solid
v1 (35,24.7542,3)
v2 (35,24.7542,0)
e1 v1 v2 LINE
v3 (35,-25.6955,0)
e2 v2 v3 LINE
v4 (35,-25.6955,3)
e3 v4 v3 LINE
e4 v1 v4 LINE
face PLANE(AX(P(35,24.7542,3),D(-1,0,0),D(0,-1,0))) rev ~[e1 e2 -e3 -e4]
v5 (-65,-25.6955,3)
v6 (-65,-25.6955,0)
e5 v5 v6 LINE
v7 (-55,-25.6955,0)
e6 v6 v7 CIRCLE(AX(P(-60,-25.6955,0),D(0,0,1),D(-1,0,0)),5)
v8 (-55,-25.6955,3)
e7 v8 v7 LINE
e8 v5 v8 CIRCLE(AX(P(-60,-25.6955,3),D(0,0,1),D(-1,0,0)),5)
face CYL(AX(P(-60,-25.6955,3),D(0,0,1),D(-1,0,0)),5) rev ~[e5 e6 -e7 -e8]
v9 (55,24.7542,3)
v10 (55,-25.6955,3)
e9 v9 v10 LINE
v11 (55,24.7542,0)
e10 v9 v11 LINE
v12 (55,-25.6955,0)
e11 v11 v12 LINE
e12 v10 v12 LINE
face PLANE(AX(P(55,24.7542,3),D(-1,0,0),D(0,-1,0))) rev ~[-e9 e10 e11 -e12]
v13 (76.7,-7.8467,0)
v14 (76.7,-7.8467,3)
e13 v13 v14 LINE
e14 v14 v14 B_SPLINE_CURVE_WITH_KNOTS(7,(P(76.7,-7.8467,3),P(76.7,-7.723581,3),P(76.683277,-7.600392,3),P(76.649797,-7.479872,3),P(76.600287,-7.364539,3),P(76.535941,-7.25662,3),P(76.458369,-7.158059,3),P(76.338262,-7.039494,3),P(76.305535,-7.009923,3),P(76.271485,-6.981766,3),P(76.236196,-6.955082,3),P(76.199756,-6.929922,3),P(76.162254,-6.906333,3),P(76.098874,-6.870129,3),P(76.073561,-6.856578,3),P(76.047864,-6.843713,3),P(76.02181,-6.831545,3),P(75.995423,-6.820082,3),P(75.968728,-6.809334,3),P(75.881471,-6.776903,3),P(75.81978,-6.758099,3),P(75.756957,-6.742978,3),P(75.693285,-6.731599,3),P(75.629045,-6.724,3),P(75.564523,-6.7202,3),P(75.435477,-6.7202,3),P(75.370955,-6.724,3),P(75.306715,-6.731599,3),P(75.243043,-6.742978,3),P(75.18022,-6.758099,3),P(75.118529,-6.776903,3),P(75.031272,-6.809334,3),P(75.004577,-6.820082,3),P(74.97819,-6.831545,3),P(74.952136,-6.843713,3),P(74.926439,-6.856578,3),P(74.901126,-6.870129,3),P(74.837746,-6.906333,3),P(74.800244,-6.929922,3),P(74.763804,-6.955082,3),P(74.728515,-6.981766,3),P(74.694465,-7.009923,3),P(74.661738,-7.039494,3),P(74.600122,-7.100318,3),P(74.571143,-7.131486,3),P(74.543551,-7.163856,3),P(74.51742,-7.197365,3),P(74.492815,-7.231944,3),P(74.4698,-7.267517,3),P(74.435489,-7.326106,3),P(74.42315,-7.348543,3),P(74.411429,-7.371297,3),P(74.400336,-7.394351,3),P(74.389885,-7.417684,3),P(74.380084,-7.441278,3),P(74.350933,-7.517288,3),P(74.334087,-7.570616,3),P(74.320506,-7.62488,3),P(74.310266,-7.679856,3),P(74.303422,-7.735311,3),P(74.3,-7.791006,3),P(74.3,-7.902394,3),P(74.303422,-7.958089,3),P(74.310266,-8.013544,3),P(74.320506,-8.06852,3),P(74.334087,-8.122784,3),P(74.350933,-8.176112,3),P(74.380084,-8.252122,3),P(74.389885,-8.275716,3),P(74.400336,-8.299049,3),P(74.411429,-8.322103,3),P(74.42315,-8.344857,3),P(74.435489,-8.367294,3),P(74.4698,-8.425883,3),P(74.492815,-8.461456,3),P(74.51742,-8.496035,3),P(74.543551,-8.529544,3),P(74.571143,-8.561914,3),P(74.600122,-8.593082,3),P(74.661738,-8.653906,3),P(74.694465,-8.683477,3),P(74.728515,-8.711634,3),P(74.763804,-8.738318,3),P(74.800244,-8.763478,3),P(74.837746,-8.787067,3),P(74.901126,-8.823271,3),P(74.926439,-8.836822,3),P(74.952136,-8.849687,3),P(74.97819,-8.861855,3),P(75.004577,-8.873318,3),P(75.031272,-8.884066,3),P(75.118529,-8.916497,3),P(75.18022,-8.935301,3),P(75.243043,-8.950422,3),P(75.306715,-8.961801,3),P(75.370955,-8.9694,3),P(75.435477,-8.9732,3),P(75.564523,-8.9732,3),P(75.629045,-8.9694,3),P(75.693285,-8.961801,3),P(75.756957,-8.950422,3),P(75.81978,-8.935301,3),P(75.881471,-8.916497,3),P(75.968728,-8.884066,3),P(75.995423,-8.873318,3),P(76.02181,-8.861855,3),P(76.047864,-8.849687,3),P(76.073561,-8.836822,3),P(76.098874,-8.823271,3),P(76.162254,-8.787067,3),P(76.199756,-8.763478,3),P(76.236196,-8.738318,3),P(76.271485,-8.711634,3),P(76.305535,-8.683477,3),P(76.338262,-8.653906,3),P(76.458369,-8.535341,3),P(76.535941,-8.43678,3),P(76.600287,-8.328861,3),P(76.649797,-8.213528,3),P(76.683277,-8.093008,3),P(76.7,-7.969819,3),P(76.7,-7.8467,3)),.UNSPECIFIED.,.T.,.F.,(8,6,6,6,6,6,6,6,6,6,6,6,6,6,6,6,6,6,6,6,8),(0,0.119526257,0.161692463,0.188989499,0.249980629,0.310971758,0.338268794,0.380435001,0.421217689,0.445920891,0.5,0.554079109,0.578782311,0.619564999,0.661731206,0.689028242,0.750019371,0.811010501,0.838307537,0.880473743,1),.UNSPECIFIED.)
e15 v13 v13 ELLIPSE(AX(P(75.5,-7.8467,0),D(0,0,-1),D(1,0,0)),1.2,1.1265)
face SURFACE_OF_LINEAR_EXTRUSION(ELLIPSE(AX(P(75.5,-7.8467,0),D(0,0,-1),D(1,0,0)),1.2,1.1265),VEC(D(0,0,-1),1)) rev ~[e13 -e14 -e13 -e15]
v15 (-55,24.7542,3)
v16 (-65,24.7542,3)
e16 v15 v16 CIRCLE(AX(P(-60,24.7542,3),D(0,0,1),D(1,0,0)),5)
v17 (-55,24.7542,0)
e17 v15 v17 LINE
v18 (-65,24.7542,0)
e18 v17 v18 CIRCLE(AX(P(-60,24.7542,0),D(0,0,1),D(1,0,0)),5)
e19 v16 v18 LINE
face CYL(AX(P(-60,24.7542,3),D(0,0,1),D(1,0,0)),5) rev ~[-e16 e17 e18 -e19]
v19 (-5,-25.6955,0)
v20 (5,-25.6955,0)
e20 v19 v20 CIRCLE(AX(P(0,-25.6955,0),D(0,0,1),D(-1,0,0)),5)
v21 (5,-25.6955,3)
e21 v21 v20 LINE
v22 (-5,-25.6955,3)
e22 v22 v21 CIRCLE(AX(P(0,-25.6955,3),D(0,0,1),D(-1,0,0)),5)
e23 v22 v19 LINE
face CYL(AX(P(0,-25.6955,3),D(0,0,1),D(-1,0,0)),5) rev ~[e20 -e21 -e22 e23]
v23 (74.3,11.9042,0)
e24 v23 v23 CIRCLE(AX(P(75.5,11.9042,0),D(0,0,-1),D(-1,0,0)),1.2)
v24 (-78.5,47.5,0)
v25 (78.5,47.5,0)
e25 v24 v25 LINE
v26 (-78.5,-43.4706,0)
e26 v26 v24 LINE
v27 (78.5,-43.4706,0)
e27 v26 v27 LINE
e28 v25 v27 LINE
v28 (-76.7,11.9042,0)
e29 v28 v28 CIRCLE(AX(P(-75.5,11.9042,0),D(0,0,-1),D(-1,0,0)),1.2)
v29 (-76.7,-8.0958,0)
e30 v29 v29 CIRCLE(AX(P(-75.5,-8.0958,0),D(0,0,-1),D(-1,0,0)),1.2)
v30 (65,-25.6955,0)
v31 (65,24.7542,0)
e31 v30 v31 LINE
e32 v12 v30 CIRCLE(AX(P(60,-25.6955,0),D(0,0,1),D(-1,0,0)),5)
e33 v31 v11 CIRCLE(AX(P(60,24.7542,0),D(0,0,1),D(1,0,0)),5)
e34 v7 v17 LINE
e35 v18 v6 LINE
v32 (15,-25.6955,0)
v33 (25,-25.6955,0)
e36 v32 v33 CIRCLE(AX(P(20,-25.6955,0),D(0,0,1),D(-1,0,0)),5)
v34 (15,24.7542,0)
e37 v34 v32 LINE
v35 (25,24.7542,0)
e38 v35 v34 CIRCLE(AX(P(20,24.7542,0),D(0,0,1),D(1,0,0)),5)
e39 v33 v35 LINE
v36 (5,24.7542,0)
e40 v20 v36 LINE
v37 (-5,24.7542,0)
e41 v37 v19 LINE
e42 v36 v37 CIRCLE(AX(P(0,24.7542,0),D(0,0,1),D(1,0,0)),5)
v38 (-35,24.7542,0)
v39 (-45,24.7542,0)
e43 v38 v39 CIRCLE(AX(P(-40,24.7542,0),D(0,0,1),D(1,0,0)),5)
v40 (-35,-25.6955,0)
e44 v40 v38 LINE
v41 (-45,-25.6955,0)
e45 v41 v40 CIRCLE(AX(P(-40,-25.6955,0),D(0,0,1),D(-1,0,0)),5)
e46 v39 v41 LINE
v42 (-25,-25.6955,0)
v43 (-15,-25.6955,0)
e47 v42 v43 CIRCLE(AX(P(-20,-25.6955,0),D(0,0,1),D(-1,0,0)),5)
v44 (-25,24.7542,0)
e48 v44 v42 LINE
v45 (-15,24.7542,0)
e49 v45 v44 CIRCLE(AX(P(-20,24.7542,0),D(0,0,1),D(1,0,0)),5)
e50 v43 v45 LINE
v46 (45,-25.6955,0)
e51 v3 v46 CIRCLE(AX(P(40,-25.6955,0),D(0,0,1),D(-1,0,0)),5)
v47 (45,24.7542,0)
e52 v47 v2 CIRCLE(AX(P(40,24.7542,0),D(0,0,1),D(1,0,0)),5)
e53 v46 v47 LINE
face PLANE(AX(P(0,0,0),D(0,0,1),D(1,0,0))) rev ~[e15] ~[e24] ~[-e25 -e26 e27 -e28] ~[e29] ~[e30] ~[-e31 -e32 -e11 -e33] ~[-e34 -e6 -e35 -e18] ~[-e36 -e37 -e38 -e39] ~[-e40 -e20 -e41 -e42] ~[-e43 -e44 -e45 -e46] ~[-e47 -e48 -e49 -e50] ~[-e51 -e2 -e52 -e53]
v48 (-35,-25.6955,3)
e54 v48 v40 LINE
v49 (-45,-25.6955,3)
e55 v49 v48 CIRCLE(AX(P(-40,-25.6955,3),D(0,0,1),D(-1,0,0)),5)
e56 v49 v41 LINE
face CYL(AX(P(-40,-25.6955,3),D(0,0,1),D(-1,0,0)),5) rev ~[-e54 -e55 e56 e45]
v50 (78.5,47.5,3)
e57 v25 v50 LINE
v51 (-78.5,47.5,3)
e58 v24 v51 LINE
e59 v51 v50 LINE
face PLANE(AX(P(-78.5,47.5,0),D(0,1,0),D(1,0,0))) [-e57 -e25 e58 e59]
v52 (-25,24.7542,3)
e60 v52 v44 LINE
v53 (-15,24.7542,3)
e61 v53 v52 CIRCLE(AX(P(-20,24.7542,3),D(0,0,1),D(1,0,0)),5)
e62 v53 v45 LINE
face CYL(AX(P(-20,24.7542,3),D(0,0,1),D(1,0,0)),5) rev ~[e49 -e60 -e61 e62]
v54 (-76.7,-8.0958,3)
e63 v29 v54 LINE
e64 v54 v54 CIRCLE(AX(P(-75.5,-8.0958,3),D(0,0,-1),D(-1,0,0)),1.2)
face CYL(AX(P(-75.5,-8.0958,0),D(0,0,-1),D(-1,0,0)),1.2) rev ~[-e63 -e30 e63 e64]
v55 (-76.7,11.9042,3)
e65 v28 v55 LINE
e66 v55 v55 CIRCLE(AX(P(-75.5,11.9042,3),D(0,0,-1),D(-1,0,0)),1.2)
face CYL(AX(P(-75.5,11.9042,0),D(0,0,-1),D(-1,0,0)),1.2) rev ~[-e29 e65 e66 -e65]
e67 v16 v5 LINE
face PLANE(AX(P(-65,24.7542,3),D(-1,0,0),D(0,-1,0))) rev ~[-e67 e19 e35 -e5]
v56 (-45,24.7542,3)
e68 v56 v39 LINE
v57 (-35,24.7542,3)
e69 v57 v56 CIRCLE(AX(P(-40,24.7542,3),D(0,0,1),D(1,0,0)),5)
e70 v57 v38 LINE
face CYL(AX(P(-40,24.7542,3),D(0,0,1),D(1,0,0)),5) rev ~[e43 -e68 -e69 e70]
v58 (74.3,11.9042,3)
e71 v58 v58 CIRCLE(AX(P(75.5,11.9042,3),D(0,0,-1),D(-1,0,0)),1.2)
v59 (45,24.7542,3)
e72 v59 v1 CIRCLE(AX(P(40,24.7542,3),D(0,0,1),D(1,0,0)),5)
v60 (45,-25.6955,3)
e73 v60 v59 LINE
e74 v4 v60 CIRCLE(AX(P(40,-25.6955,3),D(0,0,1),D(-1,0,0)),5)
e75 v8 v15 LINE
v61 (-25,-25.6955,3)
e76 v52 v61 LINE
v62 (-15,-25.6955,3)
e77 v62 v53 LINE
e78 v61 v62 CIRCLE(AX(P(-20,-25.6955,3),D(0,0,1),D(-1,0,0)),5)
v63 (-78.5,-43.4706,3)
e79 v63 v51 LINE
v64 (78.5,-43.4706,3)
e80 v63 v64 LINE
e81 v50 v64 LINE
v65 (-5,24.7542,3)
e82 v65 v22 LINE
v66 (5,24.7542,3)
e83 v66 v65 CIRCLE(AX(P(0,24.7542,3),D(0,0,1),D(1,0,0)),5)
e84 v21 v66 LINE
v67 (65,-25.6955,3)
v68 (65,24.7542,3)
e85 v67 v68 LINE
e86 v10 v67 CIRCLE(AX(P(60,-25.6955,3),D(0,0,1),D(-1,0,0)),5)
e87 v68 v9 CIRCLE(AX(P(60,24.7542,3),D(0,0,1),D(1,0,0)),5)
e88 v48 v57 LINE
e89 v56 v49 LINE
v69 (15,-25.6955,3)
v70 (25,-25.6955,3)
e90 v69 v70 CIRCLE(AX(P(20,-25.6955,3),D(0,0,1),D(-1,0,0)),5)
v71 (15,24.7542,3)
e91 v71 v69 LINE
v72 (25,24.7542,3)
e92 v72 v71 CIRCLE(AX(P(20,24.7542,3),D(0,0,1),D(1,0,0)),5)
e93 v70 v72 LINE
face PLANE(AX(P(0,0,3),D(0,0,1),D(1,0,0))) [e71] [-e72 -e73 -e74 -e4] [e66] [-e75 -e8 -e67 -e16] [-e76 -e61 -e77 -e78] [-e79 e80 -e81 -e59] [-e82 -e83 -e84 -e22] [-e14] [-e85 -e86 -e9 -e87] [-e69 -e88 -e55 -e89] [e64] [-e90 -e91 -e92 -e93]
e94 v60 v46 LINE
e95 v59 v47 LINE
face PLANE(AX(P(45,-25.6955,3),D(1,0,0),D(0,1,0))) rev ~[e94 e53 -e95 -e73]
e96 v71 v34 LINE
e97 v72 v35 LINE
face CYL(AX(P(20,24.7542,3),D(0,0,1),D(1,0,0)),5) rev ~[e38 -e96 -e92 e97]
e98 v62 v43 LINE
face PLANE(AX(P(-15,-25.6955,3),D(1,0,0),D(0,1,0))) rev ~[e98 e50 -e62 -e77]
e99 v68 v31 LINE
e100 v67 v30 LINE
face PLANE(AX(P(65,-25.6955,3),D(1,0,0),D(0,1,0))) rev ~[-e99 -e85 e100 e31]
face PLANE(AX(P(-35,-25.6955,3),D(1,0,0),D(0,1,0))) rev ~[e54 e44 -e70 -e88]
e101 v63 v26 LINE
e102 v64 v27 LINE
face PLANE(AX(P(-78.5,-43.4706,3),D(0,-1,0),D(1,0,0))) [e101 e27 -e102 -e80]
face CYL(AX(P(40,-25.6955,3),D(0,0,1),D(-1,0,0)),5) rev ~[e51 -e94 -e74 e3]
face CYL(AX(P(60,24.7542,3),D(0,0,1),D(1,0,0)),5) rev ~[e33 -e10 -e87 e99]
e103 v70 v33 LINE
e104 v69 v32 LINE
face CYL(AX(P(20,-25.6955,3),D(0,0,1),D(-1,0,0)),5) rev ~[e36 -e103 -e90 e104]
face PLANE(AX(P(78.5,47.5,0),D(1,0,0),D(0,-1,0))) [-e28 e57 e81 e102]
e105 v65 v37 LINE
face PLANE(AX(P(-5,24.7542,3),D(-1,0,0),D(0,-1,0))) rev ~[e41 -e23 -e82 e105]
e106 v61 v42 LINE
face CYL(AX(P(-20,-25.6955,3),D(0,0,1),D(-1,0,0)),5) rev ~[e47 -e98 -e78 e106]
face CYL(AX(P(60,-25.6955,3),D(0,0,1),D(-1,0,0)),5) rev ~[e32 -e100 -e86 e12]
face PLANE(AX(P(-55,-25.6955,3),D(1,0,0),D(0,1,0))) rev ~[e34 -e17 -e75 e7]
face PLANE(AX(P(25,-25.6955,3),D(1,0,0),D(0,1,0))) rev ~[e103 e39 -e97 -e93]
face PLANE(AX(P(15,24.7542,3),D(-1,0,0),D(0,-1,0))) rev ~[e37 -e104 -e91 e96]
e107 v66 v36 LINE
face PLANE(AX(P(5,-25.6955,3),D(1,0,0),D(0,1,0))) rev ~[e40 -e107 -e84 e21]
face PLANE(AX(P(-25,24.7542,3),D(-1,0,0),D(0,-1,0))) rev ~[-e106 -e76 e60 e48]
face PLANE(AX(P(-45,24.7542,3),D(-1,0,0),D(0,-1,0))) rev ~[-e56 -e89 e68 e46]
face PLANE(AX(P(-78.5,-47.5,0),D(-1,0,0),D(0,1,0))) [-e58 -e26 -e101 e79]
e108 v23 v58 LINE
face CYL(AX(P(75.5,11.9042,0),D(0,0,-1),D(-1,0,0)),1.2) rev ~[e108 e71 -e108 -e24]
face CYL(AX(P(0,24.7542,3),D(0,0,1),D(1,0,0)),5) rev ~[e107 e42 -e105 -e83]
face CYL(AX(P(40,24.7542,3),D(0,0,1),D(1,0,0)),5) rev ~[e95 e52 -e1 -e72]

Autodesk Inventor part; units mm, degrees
ref_plane "YZ Plane" through (0, 0, 0) normal (1, 0, 0) x (0, 1, 0)
ref_plane "XZ Plane" through (0, 0, 0) normal (0, 1, 0) x (-1, 0, 0)
ref_plane "XY Plane" through (0, 0, 0) normal (0, 0, 1) x (1, 0, 0)
sketch "草图1" plane through (0, 0, 0) normal (0, 0, 1) x (1, 0, 0)
  line L0 (78.5, -47.5) -> (-78.5, -47.5)
  line L1 (-78.5, -47.5) -> (-78.5, 47.5)
  line L2 (-78.5, 47.5) -> (78.5, 47.5)
  line L3 (78.5, 47.5) -> (78.5, -47.5)
  line L4 (78.5, -47.5) -> (-78.5, 47.5) construction
  line L5 (-78.5, -47.5) -> (78.5, 47.5) construction
  point P0 (0, 0)
  dimension "d1" = 157
  dimension "d5" = 95
extrude "拉伸1" add sketch "草图1" along normal blind 3
sketch "草图2" plane through (0, 0, 3) normal (0, 0, 1) x (1, 0, 0)
  point P0 (0, 0)
sketch "草图3" plane through (0, 0, 3) normal (0, 0, 1) x (1, 0, 0)
  line L0 (-79.9462, -43.4706) -> (81.0538, -43.4706)
  line L1 (78.5, 47.5) -> (-78.5, 47.5) projected
  line L2 (-78.5, 47.5) -> (-78.5, -47.5) projected
  line L3 (-78.5, -47.5) -> (78.5, -47.5) projected
  line L4 (78.5, -47.5) -> (78.5, 47.5) projected
  point P0 (0, 0)
  point P1 (78.5, -43.4706)
  point P2 (-78.5, -43.4706)
extrude "拉伸2" cut sketch "草图3" against normal blind 10 contours L0 L4 L3 L2
sketch "草图4" plane through (0, 0, 0) normal (0, 0, -1) x (-1, 0, 0)
  circle A0 centre (-75.5, 11.9042) radius 1.2 projected
  ellipse E0 centre (-75.5, -7.8467) end of major axis (-76.7, -7.8467) minor radius 1.1265 projected
  circle A1 centre (75.5, 11.9042) radius 1.2 projected
  circle A2 centre (75.5, -8.0958) radius 1.2 projected
  point P0 (0, 0)
extrude "拉伸3" cut sketch "草图4" against normal blind 10
sketch "草图5" plane through (0, 0, 3) normal (0, 0, 1) x (1, 0, 0)
  line L0 (-60, 24.7542) -> (-60, -25.6955) construction
  line L1 (-65, 24.7542) -> (-65, -25.6955)
  line L2 (-55, -25.6955) -> (-55, 24.7542)
  arc A0 (-55, 24.7542) -> (-65, 24.7542) centre (-60, 24.7542) ccw
  arc A1 (-65, -25.6955) -> (-55, -25.6955) centre (-60, -25.6955) ccw
  line L3 (-78.5, -43.4706) -> (78.5, -43.4706) projected
  line L4 (-40, 24.7542) -> (-40, -25.6955) construction
  line L5 (-45, 24.7542) -> (-45, -25.6955)
  line L6 (-35, -25.6955) -> (-35, 24.7542)
  arc A2 (-35, 24.7542) -> (-45, 24.7542) centre (-40, 24.7542) ccw
  arc A3 (-45, -25.6955) -> (-35, -25.6955) centre (-40, -25.6955) ccw
  line L7 (-20, 24.7542) -> (-20, -25.6955) construction
  line L8 (-25, 24.7542) -> (-25, -25.6955)
  line L9 (-15, -25.6955) -> (-15, 24.7542)
  arc A4 (-15, 24.7542) -> (-25, 24.7542) centre (-20, 24.7542) ccw
  arc A5 (-25, -25.6955) -> (-15, -25.6955) centre (-20, -25.6955) ccw
  line L10 (0, 24.7542) -> (0, -25.6955) construction
  line L11 (-5, 24.7542) -> (-5, -25.6955)
  line L12 (5, -25.6955) -> (5, 24.7542)
  arc A6 (5, 24.7542) -> (-5, 24.7542) centre (0, 24.7542) ccw
  arc A7 (-5, -25.6955) -> (5, -25.6955) centre (0, -25.6955) ccw
  line L13 (20, 24.7542) -> (20, -25.6955) construction
  line L14 (15, 24.7542) -> (15, -25.6955)
  line L15 (25, -25.6955) -> (25, 24.7542)
  arc A8 (25, 24.7542) -> (15, 24.7542) centre (20, 24.7542) ccw
  arc A9 (15, -25.6955) -> (25, -25.6955) centre (20, -25.6955) ccw
  line L16 (40, 24.7542) -> (40, -25.6955) construction
  line L17 (35, 24.7542) -> (35, -25.6955)
  line L18 (45, -25.6955) -> (45, 24.7542)
  arc A10 (45, 24.7542) -> (35, 24.7542) centre (40, 24.7542) ccw
  arc A11 (35, -25.6955) -> (45, -25.6955) centre (40, -25.6955) ccw
  line L19 (60, 24.7542) -> (60, -25.6955) construction
  line L20 (55, 24.7542) -> (55, -25.6955)
  line L21 (65, -25.6955) -> (65, 24.7542)
  arc A12 (65, 24.7542) -> (55, 24.7542) centre (60, 24.7542) ccw
  arc A13 (55, -25.6955) -> (65, -25.6955) centre (60, -25.6955) ccw
  line L22 (80, 24.7542) -> (80, -25.6955) construction
  line L23 (75, 24.7542) -> (75, -25.6955)
  line L24 (85, -25.6955) -> (85, 24.7542)
  arc A14 (85, 24.7542) -> (75, 24.7542) centre (80, 24.7542) ccw
  arc A15 (75, -25.6955) -> (85, -25.6955) centre (80, -25.6955) ccw
  line L25 (100, 24.7542) -> (100, -25.6955) construction
  line L26 (95, 24.7542) -> (95, -25.6955)
  line L27 (105, -25.6955) -> (105, 24.7542)
  arc A16 (105, 24.7542) -> (95, 24.7542) centre (100, 24.7542) ccw
  arc A17 (95, -25.6955) -> (105, -25.6955) centre (100, -25.6955) ccw
  line L28 (120, 24.7542) -> (120, -25.6955) construction
  line L29 (115, 24.7542) -> (115, -25.6955)
  line L30 (125, -25.6955) -> (125, 24.7542)
  arc A18 (125, 24.7542) -> (115, 24.7542) centre (120, 24.7542) ccw
  arc A19 (115, -25.6955) -> (125, -25.6955) centre (120, -25.6955) ccw
  line L31 (-78.5, 47.5) -> (-78.5, -43.4706) projected
  line L32 (78.5, -43.4706) -> (78.5, 47.5) projected
  point P0 (0, 0)
  point P1 (-60, -0.4706)
  point P2 (-40, -0.4706)
  point P3 (-20, -0.4706)
  point P4 (0, -0.4706)
  point P5 (20, -0.4706)
  point P6 (40, -0.4706)
  point P7 (60, -0.4706)
  point P8 (80, -0.4706)
  point P9 (100, -0.4706)
  point P10 (120, -0.4706)
  dimension "d10" = 10
  dimension "d11" = 43
  dimension "d17" = 20
  dimension "d21" = 13.5
  dimension "d22" = 13.5
extrude "拉伸4" cut sketch "草图5" against normal blind 73.5 contours A0 L2 A1 L1 | A2 L6 A3 L5 | A4 L9 A5 L8 | A6 L12 A7 L11 | A8 L15 A9 L14 | A10 L18 A11 L17 | A12 L21 A13 L20
properties part number "后板3"
